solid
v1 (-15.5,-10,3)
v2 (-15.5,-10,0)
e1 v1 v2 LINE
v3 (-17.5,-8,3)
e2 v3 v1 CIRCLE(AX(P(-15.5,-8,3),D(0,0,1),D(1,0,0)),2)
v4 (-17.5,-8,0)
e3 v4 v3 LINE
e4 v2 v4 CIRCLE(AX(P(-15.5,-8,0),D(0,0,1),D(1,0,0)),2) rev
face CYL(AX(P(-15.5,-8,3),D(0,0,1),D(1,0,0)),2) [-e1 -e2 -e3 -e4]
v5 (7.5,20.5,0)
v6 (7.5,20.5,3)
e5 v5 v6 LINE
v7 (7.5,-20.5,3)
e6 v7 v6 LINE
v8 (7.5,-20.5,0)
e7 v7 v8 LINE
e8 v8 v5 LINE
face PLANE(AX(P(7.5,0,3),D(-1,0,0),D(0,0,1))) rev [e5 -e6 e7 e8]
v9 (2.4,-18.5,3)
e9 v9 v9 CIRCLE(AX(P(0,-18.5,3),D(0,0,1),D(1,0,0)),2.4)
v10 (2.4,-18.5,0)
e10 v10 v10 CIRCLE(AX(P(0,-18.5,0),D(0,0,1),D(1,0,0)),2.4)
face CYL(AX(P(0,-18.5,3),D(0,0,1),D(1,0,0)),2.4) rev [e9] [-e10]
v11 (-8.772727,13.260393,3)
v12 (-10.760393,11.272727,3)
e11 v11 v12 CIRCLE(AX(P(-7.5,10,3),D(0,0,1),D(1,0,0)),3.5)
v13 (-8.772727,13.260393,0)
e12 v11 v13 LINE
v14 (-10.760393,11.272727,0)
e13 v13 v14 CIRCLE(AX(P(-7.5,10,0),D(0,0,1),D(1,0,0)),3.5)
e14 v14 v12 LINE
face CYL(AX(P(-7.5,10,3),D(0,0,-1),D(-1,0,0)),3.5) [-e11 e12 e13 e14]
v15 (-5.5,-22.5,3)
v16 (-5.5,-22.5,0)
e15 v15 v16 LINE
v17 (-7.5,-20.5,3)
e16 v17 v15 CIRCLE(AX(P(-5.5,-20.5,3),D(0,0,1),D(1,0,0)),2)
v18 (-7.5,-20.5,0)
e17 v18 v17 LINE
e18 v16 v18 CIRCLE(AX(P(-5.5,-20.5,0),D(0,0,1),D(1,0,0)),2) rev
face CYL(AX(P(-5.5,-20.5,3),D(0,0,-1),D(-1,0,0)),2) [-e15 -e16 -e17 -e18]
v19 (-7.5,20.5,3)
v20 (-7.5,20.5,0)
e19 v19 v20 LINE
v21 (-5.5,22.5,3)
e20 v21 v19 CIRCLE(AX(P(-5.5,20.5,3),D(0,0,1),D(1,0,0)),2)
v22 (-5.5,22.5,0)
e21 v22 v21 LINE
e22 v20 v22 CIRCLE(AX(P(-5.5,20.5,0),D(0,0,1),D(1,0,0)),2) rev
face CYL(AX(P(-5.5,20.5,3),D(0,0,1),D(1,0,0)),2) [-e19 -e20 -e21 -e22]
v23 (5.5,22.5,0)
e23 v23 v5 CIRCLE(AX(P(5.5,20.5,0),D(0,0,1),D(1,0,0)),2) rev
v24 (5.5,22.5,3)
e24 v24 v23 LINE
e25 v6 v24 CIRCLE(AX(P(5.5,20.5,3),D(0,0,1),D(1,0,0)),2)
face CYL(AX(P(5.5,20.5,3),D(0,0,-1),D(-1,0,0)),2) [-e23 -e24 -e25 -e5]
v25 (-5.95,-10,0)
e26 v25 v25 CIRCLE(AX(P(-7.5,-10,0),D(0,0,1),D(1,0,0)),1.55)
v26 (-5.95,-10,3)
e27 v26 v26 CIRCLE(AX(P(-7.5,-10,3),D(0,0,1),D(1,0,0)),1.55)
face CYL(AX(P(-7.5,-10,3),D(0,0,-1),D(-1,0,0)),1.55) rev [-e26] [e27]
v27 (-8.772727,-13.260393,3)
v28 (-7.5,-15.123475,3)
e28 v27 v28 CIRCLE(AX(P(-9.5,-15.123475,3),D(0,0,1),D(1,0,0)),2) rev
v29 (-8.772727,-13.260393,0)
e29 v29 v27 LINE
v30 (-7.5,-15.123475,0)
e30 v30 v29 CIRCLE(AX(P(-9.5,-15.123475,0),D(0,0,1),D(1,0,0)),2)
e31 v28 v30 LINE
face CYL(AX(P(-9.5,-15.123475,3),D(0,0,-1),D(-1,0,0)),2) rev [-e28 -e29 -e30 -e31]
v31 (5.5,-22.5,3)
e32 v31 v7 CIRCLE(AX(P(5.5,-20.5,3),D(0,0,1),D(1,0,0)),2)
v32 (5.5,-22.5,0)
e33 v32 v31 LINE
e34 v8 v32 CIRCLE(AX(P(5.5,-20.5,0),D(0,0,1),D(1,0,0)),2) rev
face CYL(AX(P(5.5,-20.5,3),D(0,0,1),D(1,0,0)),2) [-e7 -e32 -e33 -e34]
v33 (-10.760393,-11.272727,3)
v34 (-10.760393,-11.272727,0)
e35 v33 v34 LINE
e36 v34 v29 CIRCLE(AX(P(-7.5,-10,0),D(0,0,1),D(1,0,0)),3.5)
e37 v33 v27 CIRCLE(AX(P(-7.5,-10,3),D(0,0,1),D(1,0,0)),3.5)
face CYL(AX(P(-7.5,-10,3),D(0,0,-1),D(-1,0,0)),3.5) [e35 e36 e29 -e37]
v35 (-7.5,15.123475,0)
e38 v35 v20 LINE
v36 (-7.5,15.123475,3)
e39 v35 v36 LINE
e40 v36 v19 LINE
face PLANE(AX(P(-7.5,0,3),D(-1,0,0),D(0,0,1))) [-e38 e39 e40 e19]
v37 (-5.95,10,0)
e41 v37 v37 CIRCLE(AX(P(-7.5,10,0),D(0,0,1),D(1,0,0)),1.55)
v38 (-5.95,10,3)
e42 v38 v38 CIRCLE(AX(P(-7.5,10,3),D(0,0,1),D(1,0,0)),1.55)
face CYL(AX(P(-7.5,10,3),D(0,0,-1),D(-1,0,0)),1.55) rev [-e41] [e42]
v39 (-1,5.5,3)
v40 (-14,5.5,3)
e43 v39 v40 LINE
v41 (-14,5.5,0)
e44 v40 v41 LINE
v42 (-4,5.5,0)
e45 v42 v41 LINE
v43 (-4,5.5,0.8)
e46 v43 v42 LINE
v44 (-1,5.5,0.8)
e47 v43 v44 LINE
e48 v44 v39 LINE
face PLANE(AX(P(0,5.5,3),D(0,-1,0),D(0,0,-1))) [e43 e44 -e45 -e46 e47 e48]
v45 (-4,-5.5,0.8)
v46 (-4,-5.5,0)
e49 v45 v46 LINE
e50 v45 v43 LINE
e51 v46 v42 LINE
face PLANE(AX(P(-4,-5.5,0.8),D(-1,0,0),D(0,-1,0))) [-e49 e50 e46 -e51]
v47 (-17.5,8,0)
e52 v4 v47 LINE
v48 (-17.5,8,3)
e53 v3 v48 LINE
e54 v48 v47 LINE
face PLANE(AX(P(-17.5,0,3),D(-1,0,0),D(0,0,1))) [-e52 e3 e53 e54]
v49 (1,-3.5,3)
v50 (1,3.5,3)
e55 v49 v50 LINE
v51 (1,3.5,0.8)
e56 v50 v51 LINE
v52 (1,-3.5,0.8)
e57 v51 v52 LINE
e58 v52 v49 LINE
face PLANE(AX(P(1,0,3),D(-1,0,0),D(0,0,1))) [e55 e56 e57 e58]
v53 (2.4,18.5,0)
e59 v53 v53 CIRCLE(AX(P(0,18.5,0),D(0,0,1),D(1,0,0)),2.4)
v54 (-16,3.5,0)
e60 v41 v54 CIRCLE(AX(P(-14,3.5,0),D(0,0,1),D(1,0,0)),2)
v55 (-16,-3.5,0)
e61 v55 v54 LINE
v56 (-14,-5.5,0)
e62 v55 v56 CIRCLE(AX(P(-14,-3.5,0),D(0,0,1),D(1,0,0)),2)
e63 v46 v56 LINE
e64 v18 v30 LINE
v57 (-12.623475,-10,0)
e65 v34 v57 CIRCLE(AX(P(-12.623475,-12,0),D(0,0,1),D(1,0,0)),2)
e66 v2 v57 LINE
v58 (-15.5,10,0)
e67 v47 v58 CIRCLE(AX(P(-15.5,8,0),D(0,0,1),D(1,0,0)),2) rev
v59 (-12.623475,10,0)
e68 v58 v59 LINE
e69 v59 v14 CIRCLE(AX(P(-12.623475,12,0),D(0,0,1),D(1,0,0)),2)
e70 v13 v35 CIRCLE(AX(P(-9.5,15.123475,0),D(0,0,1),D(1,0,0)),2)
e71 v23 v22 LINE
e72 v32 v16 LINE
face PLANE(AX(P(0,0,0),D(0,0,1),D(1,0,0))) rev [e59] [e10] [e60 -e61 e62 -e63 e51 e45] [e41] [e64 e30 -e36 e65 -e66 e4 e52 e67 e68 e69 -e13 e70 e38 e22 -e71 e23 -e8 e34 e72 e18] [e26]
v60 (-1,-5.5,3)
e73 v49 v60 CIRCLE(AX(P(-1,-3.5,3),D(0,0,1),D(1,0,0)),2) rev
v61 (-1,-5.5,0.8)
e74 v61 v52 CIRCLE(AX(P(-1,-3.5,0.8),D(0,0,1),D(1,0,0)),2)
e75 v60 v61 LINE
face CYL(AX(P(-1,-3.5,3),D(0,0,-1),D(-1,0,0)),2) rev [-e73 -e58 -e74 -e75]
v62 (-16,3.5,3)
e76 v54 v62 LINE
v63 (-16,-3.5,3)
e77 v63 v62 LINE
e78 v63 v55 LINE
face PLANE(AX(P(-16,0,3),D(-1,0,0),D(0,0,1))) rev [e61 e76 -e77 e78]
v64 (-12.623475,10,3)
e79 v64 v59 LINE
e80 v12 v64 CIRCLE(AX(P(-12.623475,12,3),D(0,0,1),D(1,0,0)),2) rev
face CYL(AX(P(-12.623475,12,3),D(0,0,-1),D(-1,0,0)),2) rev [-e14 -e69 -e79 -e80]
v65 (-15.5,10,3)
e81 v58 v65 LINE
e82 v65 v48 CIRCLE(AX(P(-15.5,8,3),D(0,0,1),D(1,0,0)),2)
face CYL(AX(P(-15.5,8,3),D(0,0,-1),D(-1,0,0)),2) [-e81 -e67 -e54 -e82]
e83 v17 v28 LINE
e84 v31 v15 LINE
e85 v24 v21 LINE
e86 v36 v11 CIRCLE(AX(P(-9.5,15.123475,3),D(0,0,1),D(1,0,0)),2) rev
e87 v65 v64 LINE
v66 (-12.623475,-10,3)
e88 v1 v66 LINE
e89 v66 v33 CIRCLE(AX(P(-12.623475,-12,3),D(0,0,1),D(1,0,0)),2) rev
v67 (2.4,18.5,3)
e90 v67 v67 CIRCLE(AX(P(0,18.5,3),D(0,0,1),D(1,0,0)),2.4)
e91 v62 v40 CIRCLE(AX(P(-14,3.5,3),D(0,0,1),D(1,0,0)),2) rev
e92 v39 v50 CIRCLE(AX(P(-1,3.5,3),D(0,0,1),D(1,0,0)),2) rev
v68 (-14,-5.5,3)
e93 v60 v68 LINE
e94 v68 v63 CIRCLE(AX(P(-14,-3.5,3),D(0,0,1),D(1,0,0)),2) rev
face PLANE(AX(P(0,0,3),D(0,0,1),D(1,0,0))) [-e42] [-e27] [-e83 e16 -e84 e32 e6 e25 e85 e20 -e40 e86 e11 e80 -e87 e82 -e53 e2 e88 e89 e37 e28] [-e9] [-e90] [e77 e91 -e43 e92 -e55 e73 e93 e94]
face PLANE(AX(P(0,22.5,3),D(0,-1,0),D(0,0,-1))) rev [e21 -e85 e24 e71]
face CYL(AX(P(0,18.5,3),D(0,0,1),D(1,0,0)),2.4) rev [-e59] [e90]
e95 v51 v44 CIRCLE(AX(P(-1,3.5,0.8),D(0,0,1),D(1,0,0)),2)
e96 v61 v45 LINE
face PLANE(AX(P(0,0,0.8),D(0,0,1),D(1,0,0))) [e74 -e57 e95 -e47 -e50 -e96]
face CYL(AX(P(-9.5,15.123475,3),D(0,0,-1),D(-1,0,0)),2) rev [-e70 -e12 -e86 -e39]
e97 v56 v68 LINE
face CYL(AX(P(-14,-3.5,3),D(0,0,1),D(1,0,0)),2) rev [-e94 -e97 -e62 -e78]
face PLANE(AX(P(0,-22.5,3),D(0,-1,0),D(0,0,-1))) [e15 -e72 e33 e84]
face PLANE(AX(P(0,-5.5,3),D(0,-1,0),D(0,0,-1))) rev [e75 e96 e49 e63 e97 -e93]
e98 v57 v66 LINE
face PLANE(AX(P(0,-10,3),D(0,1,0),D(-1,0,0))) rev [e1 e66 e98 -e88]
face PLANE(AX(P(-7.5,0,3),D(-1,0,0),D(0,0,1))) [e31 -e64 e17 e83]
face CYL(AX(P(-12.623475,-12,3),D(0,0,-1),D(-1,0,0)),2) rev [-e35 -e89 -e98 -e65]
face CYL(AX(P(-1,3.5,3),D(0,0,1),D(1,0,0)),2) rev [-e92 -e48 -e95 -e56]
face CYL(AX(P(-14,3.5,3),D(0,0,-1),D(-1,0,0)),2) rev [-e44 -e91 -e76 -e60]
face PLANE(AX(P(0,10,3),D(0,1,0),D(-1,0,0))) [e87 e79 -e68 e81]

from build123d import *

# Parameters (mm, degrees)
EXTRUDE_1_DEPTH    = 3
HOLE_WIZARD_M4_1_D = 4.8
SKETCH_5_W         = 5
SKETCH_5_H         = 11
EXTRUDE_2_DEPTH    = 0.8
FILLET_6_R         = 2


with BuildPart() as part:
    # ｽｹｯﾁ1 → ﾎﾞｽ - 押し出し1 (new body)
    with BuildSketch(Plane(origin=(0, 0, 0), x_dir=(0, 1, 0), z_dir=(0, 0, 1))):
        with BuildLine():
            Line((-22.5, 7.5), (-22.5, -7.5))
            Line((-22.5, -7.5), (22.5, -7.5))
            Line((22.5, -7.5), (22.5, 7.5))
            Line((22.5, 7.5), (13.5, 7.5))
            ThreePointArc((13.5, 7.5), (10, 4), (6.5, 7.5))
            Line((6.5, 7.5), (5.5, 7.5))
            Line((5.5, 7.5), (5.5, -1))
            Line((5.5, -1), (-5.5, -1))
            Line((-5.5, -1), (-5.5, 7.5))
            Line((-5.5, 7.5), (-6.5, 7.5))
            ThreePointArc((-6.5, 7.5), (-10, 4), (-13.5, 7.5))
            Line((-13.5, 7.5), (-22.5, 7.5))
        make_face()
        with BuildLine():
            Line((-10, 17.5), (-10, 11))
            ThreePointArc((-10, 11), (-7.525126266, 9.974873734), (-6.5, 7.5))
            Line((-6.5, 7.5), (-5.5, 7.5))
            Line((-5.5, 7.5), (-5.5, 16))
            Line((-5.5, 16), (5.5, 16))
            Line((5.5, 16), (5.5, 7.5))
            Line((5.5, 7.5), (6.5, 7.5))
            ThreePointArc((6.5, 7.5), (7.525126266, 9.974873734), (10, 11))
            Line((10, 11), (10, 17.5))
            Line((10, 17.5), (-10, 17.5))
        make_face()
        with BuildLine():
            ThreePointArc((-6.5, 7.5), (-7.525126266, 9.974873734), (-10, 11))
            Line((-10, 11), (-10, 9.05))
            ThreePointArc((-10, 9.05), (-8.903984489, 8.596015511), (-8.45, 7.5))
            Line((-8.45, 7.5), (-6.5, 7.5))
        make_face()
        with BuildLine():
            ThreePointArc((-10, 11), (-12.474873734, 9.974873734), (-13.5, 7.5))
            Line((-13.5, 7.5), (-11.55, 7.5))
            ThreePointArc((-11.55, 7.5), (-11.096015511, 8.596015511), (-10, 9.05))
            Line((-10, 9.05), (-10, 11))
        make_face()
        with BuildLine():
            Line((-11.55, 7.5), (-13.5, 7.5))
            ThreePointArc((-13.5, 7.5), (-10, 4), (-6.5, 7.5))
            Line((-6.5, 7.5), (-8.45, 7.5))
            ThreePointArc((-8.45, 7.5), (-10, 5.95), (-11.55, 7.5))
        make_face()
        with BuildLine():
            Line((10, 9.05), (10, 11))
            ThreePointArc((10, 11), (7.525126266, 9.974873734), (6.5, 7.5))
            Line((6.5, 7.5), (8.45, 7.5))
            ThreePointArc((8.45, 7.5), (8.903984489, 8.596015511), (10, 9.05))
        make_face()
        with BuildLine():
            Line((11.55, 7.5), (13.5, 7.5))
            ThreePointArc((13.5, 7.5), (12.474873734, 9.974873734), (10, 11))
            Line((10, 11), (10, 9.05))
            ThreePointArc((10, 9.05), (11.096015511, 8.596015511), (11.55, 7.5))
        make_face()
        with BuildLine():
            ThreePointArc((6.5, 7.5), (10, 4), (13.5, 7.5))
            Line((13.5, 7.5), (11.55, 7.5))
            ThreePointArc((11.55, 7.5), (10, 5.95), (8.45, 7.5))
            Line((8.45, 7.5), (6.5, 7.5))
        make_face()
    extrude(amount=EXTRUDE_1_DEPTH)

    # M4 すきま穴1 (through all)
    with Locations(Plane.XY.offset(3)):
        with Locations((0, -18.5), (0, 18.5)):
            Hole(HOLE_WIZARD_M4_1_D / 2)

    # ｽｹｯﾁ5 → ﾎﾞｽ - 押し出し2 (add)
    with BuildSketch(Plane(origin=(0, 0, 0), x_dir=(1, 0, 0), z_dir=(0, 0, -1))):
        with Locations((-1.5, 0)):
            Rectangle(SKETCH_5_W, SKETCH_5_H)
    extrude(amount=-EXTRUDE_2_DEPTH)

    # ﾌｨﾚｯﾄ6
    fillet_6_edges = [part.edges().sort_by_distance(p)[0] for p in [
        (-16, -5.5, 1.5),
        (1, -5.5, 1.9),
        (1, 5.5, 1.9),
        (-16, 5.5, 1.5),
        (-7.5, 13.5, 1.5),
        (-7.5, 22.5, 1.5),
        (7.5, 22.5, 1.5),
        (7.5, -22.5, 1.5),
        (-7.5, -22.5, 1.5),
        (-7.5, -13.5, 1.5),
        (-11, -10, 1.5),
        (-17.5, -10, 1.5),
        (-17.5, 10, 1.5),
        (-11, 10, 1.5),
    ]]
    fillet(fillet_6_edges, radius=FILLET_6_R)


solid = part.part
